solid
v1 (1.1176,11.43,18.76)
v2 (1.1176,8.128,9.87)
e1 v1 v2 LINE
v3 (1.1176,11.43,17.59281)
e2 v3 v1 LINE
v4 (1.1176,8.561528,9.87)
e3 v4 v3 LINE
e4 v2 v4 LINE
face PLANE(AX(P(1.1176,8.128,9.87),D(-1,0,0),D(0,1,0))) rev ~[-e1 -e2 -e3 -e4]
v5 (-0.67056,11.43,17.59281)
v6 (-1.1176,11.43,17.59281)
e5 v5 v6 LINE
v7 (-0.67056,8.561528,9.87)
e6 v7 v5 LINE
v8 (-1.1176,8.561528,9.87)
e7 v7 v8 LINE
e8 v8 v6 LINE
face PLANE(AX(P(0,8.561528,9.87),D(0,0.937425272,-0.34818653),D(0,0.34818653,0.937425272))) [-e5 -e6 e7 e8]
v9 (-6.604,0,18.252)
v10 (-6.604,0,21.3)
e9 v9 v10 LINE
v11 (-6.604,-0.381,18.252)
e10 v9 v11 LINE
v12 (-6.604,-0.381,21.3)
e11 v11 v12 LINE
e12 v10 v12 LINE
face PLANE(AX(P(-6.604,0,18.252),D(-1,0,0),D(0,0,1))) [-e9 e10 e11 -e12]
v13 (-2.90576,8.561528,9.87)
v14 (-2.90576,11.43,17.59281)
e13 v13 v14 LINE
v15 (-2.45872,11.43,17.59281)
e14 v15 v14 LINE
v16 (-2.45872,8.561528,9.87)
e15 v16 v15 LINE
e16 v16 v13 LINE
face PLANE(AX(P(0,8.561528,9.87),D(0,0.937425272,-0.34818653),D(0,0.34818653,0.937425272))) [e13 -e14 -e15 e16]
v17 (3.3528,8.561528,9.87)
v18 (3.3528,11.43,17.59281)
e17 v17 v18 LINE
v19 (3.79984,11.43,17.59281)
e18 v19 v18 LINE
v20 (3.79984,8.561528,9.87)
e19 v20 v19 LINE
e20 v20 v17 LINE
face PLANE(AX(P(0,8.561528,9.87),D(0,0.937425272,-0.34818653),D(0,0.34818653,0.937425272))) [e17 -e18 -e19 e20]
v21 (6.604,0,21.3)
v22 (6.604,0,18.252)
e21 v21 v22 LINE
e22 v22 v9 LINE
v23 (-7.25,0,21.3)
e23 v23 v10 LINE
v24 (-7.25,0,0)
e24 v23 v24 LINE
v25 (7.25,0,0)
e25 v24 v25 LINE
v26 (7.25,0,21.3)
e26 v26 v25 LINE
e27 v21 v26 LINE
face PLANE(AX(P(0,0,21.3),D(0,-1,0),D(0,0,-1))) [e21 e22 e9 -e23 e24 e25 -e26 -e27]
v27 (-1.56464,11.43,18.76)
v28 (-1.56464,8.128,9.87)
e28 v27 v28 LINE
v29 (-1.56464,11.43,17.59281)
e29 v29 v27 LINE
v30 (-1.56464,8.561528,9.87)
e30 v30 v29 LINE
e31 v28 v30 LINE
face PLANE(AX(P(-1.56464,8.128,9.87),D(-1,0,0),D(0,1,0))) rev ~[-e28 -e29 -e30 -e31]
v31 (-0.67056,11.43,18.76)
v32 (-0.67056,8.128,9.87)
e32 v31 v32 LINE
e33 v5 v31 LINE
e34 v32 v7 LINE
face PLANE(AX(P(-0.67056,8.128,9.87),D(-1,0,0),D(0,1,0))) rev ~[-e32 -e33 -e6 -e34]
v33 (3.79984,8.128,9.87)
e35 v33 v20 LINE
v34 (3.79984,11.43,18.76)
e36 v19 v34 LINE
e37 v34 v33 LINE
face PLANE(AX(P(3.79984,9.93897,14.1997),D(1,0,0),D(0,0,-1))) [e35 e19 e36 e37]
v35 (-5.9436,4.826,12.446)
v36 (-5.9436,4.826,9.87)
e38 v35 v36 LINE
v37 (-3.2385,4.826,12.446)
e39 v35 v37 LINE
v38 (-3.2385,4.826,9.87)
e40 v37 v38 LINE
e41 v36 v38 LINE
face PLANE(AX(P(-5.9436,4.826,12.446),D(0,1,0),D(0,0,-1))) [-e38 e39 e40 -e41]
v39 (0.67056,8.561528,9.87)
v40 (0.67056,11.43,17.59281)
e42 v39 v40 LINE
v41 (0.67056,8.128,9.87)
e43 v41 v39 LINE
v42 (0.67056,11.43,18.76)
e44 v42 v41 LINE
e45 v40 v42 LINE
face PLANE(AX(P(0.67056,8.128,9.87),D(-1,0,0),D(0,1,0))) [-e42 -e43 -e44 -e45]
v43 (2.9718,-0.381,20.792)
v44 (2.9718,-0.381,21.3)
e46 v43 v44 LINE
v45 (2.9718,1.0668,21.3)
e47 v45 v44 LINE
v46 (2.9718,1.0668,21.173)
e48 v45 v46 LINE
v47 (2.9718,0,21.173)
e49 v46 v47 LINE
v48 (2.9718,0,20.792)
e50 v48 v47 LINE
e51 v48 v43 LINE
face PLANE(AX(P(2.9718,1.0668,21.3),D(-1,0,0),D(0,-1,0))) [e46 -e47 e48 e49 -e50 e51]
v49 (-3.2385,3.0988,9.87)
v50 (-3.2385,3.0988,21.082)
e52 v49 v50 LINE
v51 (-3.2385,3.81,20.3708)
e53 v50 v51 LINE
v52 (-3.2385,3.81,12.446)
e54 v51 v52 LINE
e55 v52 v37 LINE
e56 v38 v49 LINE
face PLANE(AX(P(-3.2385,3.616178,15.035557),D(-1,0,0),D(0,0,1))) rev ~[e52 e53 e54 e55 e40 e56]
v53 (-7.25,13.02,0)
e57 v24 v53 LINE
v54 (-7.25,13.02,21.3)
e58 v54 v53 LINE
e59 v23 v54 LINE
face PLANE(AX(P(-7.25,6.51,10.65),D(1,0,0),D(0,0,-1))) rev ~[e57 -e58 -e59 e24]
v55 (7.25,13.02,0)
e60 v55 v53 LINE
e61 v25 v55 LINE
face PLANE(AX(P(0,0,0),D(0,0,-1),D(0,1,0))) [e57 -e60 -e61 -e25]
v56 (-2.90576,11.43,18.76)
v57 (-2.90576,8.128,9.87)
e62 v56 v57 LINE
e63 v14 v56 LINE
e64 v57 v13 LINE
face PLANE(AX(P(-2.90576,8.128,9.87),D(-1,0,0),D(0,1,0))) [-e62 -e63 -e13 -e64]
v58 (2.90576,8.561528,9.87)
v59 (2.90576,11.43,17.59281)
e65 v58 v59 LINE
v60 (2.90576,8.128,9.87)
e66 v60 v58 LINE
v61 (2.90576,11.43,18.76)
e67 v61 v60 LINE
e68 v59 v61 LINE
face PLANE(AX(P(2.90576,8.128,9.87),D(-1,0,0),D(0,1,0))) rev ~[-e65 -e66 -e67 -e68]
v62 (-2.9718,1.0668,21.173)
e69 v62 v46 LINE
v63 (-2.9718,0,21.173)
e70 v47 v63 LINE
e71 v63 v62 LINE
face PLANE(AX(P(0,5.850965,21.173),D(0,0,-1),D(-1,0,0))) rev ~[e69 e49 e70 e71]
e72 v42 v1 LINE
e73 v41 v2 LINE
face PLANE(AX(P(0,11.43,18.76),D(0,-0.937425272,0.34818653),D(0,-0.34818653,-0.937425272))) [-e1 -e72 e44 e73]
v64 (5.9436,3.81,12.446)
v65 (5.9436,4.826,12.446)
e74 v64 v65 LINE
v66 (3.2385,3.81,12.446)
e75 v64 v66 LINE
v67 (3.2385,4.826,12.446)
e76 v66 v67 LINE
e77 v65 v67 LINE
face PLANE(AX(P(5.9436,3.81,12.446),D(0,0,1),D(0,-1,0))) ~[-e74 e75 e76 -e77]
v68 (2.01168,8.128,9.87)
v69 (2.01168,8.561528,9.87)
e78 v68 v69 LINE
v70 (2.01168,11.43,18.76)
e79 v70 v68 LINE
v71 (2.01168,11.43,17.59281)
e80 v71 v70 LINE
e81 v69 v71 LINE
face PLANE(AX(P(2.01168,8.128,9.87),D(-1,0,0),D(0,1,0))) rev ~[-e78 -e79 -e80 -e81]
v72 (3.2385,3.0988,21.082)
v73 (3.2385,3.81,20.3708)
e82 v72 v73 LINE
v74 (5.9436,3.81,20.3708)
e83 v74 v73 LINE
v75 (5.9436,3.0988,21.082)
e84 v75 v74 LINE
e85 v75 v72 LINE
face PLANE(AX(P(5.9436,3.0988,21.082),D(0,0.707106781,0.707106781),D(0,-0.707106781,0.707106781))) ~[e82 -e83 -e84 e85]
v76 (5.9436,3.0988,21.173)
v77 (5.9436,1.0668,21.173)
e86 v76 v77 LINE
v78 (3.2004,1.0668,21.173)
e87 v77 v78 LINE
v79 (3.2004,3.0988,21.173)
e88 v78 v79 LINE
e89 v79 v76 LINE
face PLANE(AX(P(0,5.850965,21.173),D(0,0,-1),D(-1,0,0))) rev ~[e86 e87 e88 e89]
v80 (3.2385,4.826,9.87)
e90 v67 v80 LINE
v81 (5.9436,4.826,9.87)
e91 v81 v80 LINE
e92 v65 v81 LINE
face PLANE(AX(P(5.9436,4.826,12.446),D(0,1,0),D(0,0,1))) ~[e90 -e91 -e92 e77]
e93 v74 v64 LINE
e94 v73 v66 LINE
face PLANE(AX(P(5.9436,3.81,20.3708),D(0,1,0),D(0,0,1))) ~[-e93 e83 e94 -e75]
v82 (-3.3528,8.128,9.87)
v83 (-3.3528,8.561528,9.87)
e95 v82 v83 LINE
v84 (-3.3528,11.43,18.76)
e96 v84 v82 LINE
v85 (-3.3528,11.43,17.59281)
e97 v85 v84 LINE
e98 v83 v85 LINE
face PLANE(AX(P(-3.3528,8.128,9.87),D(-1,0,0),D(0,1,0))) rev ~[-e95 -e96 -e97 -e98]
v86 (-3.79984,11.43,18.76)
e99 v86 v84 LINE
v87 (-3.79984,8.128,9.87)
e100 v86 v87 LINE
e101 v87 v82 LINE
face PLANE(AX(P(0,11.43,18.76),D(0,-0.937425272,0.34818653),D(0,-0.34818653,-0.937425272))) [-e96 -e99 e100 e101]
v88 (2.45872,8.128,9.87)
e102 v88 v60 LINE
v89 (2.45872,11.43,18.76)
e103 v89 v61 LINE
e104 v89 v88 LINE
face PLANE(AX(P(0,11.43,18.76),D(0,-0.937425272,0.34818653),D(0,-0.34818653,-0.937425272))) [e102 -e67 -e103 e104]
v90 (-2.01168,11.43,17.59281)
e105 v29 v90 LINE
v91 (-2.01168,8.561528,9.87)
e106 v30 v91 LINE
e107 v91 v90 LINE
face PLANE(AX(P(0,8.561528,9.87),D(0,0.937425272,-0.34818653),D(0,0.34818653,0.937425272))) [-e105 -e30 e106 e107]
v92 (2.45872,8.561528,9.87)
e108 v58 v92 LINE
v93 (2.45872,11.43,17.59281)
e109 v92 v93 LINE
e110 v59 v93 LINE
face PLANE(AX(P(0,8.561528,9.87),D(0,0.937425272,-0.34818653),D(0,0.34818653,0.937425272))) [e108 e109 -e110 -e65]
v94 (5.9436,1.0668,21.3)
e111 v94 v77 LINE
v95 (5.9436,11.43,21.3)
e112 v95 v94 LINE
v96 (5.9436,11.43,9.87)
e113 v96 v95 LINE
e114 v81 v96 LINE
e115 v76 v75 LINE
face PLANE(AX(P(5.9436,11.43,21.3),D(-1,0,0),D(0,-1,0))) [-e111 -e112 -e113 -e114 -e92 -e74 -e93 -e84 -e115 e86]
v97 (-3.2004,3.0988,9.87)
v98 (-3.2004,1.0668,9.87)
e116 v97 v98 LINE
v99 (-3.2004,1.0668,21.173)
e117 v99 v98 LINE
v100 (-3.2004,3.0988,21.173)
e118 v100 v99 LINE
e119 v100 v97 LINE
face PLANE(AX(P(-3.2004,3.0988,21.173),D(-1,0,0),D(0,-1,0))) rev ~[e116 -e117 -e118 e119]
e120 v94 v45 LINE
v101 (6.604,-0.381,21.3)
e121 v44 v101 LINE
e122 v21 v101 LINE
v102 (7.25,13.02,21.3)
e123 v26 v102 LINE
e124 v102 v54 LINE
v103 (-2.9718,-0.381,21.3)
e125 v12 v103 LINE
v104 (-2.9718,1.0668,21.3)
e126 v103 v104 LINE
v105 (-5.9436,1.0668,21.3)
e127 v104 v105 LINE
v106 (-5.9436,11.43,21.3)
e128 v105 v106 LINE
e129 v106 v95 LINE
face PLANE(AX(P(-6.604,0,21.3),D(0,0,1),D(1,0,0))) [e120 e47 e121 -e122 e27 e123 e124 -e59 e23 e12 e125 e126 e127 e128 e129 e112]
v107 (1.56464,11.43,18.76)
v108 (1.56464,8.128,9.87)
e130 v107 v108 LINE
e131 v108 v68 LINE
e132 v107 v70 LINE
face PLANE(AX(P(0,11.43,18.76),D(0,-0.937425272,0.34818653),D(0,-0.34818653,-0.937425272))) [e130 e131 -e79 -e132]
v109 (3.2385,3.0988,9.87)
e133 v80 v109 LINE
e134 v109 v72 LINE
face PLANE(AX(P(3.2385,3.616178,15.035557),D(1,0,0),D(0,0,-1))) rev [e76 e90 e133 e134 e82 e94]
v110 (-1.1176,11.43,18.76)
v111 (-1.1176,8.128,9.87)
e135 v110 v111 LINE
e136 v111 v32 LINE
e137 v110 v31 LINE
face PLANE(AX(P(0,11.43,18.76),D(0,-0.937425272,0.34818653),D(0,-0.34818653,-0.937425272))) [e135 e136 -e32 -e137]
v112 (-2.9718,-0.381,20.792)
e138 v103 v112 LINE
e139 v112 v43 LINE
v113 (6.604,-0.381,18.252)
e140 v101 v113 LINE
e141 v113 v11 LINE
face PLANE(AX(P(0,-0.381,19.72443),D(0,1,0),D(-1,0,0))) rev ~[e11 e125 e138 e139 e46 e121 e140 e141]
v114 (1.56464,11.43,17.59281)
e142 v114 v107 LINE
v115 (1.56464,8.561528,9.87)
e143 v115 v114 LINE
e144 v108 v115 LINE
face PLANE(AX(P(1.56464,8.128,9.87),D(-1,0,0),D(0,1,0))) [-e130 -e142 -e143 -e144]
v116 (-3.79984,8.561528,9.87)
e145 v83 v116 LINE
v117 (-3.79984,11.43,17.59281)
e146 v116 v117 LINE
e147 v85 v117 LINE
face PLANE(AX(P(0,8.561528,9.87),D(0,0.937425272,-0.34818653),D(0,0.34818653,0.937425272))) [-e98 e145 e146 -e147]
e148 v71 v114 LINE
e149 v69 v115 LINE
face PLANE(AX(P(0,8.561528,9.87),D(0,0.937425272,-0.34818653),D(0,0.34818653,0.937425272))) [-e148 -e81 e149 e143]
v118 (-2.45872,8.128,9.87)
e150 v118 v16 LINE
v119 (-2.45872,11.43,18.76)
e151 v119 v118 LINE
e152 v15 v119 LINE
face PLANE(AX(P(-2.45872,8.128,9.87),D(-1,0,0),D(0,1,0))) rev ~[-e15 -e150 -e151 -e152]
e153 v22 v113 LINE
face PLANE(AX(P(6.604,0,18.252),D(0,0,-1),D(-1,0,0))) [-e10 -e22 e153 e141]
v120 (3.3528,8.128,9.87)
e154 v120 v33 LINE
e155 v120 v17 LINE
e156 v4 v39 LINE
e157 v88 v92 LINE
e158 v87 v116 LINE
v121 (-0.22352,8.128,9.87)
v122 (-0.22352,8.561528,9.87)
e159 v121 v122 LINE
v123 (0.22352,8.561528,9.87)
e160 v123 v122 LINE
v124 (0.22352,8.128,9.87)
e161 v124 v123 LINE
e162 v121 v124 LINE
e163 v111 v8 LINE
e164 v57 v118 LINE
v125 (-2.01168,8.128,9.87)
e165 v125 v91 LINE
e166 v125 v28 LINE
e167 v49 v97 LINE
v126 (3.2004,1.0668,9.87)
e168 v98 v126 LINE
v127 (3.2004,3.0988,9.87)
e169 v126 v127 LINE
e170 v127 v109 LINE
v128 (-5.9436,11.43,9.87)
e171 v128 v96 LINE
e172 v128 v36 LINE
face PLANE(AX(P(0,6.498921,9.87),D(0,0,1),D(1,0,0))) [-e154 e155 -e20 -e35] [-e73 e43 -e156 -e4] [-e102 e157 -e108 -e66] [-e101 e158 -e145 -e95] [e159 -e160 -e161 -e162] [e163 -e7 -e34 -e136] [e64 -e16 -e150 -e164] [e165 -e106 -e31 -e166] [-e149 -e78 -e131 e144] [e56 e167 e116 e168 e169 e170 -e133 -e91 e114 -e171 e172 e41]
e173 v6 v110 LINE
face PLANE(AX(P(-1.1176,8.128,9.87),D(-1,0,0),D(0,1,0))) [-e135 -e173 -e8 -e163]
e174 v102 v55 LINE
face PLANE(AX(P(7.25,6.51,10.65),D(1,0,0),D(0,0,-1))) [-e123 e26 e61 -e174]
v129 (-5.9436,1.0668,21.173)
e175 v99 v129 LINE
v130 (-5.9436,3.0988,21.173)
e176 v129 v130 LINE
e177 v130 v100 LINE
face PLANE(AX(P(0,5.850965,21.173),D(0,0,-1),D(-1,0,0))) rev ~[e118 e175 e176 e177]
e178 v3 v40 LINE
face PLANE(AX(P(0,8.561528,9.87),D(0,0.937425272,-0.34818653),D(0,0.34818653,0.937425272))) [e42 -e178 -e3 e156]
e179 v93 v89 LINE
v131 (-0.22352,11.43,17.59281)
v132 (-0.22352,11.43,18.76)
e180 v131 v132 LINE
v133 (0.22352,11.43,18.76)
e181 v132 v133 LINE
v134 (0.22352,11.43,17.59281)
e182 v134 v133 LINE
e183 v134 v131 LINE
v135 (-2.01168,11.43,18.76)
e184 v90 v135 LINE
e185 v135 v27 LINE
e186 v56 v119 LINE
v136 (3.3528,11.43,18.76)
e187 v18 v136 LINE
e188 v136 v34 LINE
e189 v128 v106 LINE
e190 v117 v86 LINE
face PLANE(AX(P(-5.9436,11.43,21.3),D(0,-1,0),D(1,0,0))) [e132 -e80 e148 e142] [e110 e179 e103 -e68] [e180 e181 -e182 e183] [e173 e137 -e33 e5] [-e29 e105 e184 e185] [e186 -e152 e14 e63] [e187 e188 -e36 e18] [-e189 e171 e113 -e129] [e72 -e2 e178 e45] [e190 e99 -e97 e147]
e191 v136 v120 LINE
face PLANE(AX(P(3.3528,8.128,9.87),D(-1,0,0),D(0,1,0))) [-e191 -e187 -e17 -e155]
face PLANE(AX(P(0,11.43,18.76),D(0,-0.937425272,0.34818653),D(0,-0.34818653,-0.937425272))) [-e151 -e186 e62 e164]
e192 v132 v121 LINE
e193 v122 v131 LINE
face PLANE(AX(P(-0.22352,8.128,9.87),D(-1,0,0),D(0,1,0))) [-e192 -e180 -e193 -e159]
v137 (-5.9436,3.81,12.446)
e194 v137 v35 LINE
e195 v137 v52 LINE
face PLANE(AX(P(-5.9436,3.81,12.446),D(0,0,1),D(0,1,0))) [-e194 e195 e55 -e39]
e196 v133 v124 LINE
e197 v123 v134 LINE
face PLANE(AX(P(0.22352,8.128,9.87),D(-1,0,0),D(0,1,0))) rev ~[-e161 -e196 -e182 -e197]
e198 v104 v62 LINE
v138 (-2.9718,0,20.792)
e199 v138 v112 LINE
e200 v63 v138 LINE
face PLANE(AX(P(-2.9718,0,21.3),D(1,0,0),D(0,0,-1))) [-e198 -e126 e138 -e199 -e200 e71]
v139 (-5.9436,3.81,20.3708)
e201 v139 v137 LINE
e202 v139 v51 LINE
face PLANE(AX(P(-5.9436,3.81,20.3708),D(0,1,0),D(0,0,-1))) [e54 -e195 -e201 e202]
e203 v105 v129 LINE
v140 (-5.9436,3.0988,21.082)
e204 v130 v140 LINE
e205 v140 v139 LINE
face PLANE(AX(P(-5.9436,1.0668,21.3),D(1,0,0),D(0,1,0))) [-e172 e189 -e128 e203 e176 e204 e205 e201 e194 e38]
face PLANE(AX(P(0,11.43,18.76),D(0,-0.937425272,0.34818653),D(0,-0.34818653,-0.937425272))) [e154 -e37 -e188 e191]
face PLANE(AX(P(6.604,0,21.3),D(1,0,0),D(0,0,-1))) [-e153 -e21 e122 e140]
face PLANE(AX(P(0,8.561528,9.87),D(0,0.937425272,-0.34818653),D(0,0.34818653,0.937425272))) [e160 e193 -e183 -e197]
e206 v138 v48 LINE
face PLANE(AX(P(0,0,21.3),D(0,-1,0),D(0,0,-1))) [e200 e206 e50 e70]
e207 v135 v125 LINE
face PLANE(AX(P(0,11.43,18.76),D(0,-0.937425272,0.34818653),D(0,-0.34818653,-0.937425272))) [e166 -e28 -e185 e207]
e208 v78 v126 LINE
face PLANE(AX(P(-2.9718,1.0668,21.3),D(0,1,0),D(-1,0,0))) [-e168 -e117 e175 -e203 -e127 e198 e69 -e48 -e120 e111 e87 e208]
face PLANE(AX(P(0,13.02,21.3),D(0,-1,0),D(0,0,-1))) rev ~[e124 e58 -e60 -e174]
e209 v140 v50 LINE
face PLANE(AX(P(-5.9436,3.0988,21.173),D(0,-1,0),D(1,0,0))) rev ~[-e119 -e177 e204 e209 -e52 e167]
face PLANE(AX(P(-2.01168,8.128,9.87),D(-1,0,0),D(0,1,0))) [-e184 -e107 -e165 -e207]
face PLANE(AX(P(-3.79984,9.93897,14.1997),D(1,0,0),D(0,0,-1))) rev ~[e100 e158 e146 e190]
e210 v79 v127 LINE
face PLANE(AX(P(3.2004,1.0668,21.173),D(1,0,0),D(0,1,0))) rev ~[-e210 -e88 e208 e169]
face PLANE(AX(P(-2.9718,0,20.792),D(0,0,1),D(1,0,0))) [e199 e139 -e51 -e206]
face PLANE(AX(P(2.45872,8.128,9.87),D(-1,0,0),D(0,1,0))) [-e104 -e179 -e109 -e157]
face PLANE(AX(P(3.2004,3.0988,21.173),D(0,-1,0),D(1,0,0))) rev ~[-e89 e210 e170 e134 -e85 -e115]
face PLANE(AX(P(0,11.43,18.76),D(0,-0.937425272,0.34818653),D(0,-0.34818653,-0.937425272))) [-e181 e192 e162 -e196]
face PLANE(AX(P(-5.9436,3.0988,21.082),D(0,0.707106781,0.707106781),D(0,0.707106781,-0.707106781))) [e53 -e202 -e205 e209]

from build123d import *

# Parameters (mm, degrees)
SKETCH1_W          = 21.3
SKETCH1_H          = 13.02
EXTRUDE1_DEPTH     = 7.25
CUT_EXTRUDE1_DEPTH = 0.127
CUT_EXTRUDE2_DEPTH = 11.303
EXTRUDE2_DEPTH     = 3.79984
CUT_EXTRUDE3_START = -11.43
SKETCH5_W          = 0.44704
SKETCH5_H          = 3.302
CUT_EXTRUDE3_DEPTH = 8.89
EXTRUDE3_DEPTH     = 2.7051
EXTRUDE4_DEPTH     = 0.381


with BuildPart() as part:
    # Sketch1 → Extrude1 (new, symmetric)
    with BuildSketch(Plane(origin=(0, 0, 0), x_dir=(0, 0, -1), z_dir=(1, 0, 0))):
        with Locations((-10.65, 6.51)):
            Rectangle(SKETCH1_W, SKETCH1_H)
    extrude(amount=EXTRUDE1_DEPTH, both=True)

    # Sketch2 → Cut-Extrude1 (cut)
    with BuildSketch(Plane.XY.offset(21.3)):
        Polygon((-5.9436, 11.43), (5.9436, 11.43), (5.9436, 1.0668), (2.9718, 1.0668), (2.9718, 0), (-2.9718, 0), (-2.9718, 1.0668), (-5.9436, 1.0668), align=None)
    extrude(amount=-CUT_EXTRUDE1_DEPTH, mode=Mode.SUBTRACT)

    # Sketch3 → Cut-Extrude2 (cut)
    with BuildSketch(Plane.XY.offset(21.173)):
        Polygon((-5.9436, 3.0988), (-3.2004, 3.0988), (-3.2004, 1.0668), (3.2004, 1.0668), (3.2004, 3.0988), (5.9436, 3.0988), (5.9436, 11.43), (-5.9436, 11.43), align=None)
    extrude(amount=-CUT_EXTRUDE2_DEPTH, mode=Mode.SUBTRACT)

    # Sketch4 → Extrude2 (add, symmetric)
    with BuildSketch(Plane(origin=(0, 0, 0), x_dir=(0, 0, -1), z_dir=(1, 0, 0))):
        Polygon((-17.592809528, 11.43), (-18.76, 11.43), (-9.87, 8.128), (-9.87, 8.56152789), align=None)
    extrude(amount=EXTRUDE2_DEPTH, both=True)

    # Sketch5 → Cut-Extrude3 (cut)
    with BuildSketch(Plane.XY.offset(21.3).offset(CUT_EXTRUDE3_START)):
        with Locations((-3.12928, 9.779)):
            Rectangle(SKETCH5_W, SKETCH5_H)
        with Locations((-2.2352, 9.779)):
            Rectangle(SKETCH5_W, SKETCH5_H)
        with Locations((-1.34112, 9.779)):
            Rectangle(SKETCH5_W, SKETCH5_H)
        with Locations((-0.44704, 9.779)):
            Rectangle(SKETCH5_W, SKETCH5_H)
        with Locations((0.44704, 9.779)):
            Rectangle(SKETCH5_W, SKETCH5_H)
        with Locations((1.34112, 9.779)):
            Rectangle(SKETCH5_W, SKETCH5_H)
        with Locations((2.2352, 9.779)):
            Rectangle(SKETCH5_W, SKETCH5_H)
        with Locations((3.12928, 9.779)):
            Rectangle(SKETCH5_W, SKETCH5_H)
    extrude(amount=CUT_EXTRUDE3_DEPTH, mode=Mode.SUBTRACT)

    # Sketch6 → Extrude3 (add)
    with BuildSketch(Plane(origin=(-5.9436, 0, 0), x_dir=(0, 0, -1), z_dir=(1, 0, 0))):
        Polygon((-9.87, 3.0988), (-21.082, 3.0988), (-20.3708, 3.81), (-12.446, 3.81), (-12.446, 4.826), (-9.87, 4.826), align=None)
    extrude3 = extrude(amount=EXTRUDE3_DEPTH)

    # Mirror1: Extrude3 across plane
    add(extrude3.mirror(Plane(origin=(0, 0, 0), x_dir=(0, 0, 1), z_dir=(1, 0, 0))))

    # Sketch14 → Extrude4 (add)
    with BuildSketch(Plane.XZ):
        Polygon((-6.604, 21.3), (-2.9718, 21.3), (-2.9718, 20.792), (2.9718, 20.792), (2.9718, 21.3), (6.604, 21.3), (6.604, 18.252), (-6.604, 18.252), align=None)
    extrude(amount=EXTRUDE4_DEPTH)


solid = part.part
